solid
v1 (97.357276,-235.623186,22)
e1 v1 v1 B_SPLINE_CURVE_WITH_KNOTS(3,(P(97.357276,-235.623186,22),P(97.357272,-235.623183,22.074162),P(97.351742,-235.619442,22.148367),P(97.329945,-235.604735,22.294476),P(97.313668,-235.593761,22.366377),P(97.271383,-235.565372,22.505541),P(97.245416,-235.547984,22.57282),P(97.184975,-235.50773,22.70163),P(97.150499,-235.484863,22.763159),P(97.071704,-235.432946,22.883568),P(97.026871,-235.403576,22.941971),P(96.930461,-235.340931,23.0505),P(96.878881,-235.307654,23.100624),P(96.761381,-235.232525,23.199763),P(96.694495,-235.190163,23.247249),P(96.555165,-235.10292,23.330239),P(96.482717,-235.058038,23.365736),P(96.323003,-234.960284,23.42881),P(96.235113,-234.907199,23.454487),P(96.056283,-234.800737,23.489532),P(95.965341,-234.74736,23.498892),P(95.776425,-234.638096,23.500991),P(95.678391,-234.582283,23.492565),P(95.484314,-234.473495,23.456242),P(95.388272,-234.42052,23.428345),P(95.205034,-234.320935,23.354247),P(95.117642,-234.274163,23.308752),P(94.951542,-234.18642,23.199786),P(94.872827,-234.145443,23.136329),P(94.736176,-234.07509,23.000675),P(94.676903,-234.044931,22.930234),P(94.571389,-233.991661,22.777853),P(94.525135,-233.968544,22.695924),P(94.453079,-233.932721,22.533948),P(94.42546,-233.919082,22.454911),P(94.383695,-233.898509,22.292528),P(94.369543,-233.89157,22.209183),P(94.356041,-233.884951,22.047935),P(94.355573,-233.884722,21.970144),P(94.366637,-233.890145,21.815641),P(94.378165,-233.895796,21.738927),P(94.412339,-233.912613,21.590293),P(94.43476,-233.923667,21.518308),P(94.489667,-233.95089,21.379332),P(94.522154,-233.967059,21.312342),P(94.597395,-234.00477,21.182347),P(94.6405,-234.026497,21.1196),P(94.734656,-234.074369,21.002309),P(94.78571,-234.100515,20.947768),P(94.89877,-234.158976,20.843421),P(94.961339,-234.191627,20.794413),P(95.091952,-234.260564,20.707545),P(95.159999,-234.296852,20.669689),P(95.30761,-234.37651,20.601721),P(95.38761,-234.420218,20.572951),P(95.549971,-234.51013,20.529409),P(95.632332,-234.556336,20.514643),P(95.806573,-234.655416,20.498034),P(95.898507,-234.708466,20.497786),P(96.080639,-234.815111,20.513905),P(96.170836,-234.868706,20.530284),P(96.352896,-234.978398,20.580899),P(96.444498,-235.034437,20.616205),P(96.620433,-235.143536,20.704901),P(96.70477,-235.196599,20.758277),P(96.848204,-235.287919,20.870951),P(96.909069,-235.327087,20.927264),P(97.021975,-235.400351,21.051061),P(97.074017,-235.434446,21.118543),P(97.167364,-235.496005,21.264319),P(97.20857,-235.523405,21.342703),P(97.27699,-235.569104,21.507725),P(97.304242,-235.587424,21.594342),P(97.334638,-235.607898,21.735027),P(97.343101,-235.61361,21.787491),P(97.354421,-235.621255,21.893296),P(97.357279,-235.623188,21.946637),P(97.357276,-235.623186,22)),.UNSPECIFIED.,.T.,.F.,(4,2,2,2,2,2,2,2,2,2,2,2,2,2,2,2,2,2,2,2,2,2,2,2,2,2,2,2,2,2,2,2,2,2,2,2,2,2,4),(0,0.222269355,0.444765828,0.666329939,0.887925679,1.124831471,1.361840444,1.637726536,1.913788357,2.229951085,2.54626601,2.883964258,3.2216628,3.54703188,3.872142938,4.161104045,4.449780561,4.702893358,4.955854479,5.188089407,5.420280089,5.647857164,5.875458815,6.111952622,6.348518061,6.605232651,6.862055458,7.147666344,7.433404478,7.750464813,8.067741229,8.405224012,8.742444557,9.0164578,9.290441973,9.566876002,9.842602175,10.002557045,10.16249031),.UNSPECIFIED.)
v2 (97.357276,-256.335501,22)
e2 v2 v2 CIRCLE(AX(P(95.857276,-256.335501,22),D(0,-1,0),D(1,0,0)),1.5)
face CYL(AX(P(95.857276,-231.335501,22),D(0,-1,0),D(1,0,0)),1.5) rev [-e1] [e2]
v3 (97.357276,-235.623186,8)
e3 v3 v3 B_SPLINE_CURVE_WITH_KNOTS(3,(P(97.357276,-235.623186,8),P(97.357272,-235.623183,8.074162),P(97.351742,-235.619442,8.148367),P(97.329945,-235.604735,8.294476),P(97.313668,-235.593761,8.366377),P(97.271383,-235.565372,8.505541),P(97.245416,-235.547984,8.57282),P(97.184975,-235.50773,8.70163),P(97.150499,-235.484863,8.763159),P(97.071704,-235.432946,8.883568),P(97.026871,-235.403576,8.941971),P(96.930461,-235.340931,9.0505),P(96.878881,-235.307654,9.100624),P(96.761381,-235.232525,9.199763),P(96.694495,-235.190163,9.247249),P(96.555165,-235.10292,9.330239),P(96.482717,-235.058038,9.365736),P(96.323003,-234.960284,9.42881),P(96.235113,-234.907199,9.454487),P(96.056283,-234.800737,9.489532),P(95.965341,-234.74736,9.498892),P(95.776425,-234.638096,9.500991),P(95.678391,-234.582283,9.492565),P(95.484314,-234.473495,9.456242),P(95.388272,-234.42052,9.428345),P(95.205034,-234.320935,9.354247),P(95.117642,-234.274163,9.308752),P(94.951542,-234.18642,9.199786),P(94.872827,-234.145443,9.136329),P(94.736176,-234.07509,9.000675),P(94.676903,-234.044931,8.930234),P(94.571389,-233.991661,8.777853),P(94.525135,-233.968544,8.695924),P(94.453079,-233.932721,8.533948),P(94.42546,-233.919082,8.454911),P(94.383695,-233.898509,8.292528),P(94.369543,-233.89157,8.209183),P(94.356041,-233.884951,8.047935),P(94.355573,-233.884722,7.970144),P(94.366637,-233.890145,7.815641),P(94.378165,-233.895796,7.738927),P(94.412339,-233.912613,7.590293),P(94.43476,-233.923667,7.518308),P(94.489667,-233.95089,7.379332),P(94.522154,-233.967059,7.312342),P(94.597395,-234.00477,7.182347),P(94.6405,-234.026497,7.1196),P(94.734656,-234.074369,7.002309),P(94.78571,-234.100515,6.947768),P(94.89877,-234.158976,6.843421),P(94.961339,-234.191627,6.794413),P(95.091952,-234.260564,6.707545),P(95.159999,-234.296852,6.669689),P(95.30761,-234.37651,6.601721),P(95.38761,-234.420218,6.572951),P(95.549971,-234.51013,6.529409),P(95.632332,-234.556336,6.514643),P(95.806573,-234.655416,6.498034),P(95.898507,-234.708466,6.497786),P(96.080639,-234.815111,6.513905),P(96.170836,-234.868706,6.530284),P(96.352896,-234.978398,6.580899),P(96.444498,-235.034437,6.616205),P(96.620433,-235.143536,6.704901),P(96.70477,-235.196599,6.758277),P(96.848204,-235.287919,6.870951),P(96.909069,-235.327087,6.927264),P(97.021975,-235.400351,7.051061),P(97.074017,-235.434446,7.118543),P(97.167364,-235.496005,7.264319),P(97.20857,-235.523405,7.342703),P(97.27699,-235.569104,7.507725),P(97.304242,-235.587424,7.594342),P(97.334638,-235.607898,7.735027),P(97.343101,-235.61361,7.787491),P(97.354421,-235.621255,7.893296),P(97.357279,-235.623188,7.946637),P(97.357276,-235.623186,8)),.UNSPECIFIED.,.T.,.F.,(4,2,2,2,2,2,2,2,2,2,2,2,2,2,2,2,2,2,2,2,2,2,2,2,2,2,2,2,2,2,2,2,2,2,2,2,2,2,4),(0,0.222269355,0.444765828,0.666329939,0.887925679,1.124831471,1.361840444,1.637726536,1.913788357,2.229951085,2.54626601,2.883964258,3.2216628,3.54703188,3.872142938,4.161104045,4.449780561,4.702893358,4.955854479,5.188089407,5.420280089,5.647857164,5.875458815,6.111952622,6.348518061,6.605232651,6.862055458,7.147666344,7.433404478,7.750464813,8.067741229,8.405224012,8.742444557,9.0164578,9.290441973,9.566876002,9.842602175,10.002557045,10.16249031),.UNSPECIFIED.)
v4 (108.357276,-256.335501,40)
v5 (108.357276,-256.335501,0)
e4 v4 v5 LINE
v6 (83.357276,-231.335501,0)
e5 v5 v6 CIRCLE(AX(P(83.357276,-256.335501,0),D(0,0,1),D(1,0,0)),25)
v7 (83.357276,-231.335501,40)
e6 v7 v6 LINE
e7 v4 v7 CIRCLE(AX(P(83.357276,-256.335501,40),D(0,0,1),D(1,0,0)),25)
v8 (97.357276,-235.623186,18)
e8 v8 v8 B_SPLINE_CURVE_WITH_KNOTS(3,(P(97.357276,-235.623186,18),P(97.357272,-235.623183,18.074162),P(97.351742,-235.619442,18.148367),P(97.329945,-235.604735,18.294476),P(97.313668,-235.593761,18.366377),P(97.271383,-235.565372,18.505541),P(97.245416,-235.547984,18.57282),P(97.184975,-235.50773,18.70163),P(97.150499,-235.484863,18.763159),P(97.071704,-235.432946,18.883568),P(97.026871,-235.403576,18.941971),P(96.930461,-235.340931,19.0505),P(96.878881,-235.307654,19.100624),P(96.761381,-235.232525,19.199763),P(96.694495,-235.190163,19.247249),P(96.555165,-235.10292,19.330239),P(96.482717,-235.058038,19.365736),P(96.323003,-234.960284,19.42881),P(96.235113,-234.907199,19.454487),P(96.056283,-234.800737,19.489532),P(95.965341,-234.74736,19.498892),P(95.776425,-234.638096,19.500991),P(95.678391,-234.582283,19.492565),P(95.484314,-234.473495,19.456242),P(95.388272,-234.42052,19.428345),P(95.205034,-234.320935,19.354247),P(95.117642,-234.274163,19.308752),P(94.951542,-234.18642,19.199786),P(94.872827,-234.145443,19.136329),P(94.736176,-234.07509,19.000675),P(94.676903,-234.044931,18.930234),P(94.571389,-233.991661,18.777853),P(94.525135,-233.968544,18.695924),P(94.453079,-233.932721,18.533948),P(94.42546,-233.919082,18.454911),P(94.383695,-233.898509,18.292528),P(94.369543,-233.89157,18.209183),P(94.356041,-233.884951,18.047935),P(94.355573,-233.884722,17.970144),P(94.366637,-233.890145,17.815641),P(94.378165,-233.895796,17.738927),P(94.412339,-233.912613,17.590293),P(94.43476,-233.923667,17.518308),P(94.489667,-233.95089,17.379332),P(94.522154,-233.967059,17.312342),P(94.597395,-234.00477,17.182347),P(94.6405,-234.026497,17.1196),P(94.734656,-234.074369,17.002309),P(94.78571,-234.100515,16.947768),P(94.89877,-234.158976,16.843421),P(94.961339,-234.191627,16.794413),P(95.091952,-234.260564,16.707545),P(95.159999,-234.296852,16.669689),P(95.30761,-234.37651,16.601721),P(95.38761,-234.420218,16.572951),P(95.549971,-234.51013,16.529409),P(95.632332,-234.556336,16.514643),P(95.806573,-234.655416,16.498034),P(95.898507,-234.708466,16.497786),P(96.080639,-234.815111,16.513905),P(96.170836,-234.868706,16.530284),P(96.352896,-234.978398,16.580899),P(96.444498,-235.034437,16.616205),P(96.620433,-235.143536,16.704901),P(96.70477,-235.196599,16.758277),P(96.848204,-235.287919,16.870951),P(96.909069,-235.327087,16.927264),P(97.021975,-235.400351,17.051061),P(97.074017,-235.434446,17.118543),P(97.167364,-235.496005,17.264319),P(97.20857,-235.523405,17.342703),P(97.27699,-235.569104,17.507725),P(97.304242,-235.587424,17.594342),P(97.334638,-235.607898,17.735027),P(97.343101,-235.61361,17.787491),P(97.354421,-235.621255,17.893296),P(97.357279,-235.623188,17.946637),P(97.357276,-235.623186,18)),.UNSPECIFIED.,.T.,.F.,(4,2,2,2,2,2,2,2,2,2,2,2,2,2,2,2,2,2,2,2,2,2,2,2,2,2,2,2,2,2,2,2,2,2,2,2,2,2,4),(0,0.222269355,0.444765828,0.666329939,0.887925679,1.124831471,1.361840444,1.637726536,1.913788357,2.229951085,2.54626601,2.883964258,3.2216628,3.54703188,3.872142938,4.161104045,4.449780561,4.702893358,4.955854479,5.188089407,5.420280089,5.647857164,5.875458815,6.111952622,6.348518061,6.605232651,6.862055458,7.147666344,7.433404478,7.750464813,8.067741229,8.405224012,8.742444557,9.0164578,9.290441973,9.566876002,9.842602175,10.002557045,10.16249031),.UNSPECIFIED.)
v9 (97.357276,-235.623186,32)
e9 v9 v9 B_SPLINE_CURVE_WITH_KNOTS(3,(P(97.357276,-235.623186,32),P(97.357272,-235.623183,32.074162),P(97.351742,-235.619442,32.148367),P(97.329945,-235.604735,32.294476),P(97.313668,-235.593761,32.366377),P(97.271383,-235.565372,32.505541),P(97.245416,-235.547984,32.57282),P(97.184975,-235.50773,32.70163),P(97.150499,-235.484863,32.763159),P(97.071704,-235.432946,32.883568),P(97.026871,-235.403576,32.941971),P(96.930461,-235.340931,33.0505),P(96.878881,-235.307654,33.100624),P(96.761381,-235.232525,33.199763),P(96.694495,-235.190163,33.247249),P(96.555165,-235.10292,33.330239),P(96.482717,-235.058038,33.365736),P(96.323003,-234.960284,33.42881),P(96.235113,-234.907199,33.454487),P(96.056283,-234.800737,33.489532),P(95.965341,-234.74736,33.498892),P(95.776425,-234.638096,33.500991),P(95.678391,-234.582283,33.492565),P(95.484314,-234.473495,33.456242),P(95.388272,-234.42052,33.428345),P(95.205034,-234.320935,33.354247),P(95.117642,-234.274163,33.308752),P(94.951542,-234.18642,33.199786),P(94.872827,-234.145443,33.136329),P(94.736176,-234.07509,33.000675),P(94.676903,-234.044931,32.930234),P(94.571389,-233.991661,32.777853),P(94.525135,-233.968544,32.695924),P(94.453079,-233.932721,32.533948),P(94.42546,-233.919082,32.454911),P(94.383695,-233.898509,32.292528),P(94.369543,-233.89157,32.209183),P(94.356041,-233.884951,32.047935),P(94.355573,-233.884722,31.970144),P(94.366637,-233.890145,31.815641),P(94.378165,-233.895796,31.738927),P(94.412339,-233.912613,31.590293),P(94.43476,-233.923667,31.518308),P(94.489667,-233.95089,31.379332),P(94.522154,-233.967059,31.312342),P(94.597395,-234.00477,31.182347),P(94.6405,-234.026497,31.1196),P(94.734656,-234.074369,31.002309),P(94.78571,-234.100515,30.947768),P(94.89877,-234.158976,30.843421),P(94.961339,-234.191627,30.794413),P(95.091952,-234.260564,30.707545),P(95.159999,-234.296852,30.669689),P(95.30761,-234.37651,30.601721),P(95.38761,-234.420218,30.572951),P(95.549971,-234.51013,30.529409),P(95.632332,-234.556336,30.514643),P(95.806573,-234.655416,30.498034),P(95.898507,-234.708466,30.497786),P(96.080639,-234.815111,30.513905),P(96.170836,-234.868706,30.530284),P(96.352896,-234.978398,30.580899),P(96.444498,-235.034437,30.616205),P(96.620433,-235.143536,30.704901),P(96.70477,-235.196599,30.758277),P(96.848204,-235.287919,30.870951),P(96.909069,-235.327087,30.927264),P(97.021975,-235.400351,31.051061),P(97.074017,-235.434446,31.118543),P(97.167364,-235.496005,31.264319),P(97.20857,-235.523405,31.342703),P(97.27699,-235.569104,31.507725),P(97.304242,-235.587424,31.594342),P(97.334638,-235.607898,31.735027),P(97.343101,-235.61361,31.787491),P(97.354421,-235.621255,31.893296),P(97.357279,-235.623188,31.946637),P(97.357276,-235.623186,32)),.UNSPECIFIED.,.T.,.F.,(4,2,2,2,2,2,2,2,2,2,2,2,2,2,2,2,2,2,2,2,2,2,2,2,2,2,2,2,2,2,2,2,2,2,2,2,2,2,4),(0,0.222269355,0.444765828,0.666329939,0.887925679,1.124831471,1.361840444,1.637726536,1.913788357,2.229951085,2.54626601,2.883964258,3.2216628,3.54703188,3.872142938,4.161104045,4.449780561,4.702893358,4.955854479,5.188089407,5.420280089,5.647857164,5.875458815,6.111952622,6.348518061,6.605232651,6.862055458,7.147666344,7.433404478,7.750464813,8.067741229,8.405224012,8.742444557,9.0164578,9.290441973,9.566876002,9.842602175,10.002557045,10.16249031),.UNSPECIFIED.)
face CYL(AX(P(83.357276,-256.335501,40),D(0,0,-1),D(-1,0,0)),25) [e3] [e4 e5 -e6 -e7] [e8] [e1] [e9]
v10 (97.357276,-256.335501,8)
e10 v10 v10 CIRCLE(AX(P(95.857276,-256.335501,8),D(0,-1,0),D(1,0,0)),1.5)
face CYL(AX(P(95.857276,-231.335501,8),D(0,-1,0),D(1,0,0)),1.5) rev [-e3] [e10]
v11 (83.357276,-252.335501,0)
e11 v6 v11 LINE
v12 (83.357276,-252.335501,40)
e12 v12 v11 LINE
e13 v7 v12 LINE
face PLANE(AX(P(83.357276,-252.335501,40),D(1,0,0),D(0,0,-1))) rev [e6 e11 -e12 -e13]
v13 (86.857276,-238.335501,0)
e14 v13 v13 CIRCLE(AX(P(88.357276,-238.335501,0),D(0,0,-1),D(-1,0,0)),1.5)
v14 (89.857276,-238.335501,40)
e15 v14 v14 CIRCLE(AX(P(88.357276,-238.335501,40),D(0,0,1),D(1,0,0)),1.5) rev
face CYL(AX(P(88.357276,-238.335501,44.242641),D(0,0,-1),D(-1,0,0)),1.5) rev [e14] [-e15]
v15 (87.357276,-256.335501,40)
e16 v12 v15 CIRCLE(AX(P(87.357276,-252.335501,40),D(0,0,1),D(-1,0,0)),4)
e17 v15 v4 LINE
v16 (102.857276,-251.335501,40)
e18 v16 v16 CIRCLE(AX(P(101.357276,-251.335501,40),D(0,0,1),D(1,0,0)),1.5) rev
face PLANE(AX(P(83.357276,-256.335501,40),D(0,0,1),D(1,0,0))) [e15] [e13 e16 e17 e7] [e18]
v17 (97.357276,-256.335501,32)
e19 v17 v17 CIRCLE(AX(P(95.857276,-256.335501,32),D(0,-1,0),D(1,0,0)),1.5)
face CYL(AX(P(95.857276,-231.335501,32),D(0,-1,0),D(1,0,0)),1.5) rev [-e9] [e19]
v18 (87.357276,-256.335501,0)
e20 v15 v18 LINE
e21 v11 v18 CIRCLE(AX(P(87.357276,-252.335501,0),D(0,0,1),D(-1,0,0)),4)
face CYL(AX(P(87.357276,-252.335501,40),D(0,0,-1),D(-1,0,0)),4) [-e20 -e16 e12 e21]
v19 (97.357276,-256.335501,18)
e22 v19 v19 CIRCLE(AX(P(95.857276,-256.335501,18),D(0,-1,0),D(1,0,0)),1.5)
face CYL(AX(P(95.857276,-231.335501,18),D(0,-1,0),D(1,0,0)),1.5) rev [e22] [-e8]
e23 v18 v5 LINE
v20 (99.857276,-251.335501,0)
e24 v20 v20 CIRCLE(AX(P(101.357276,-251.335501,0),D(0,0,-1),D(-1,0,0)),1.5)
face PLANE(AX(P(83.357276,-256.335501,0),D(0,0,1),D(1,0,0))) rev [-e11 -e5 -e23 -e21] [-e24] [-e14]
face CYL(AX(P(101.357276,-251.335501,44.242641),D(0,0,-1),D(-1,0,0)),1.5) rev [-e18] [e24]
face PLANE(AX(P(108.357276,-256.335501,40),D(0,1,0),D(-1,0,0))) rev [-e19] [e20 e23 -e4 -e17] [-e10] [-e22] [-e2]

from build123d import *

# Parameters (mm, degrees)
RESSALTO_EXTRUS_O3_DEPTH = 40
ESBO_O8_R                = 1.5
CORTE_EXTRUS_O1_DEPTH    = 40
ESBO_O9_R                = 1.5
CORTE_EXTRUS_O2_DEPTH    = 26


with BuildPart() as part:
    # Esboço7 → Ressalto-extrusão3 (new body)
    with BuildSketch(Plane.XY):
        with BuildLine():
            Line((103.35727616, -256.335501283), (87.35727616, -256.335501283))
            ThreePointArc((87.35727616, -256.335501283), (84.528849035, -255.163928408), (83.35727616, -252.335501283))
            Line((83.35727616, -252.335501283), (83.35727616, -236.335501283))
            Line((83.35727616, -236.335501283), (83.35727616, -231.335501283))
            ThreePointArc((83.35727616, -231.335501283), (101.034945689, -238.657831753), (108.35727616, -256.335501283))
            Line((108.35727616, -256.335501283), (103.35727616, -256.335501283))
        make_face()
    extrude(amount=RESSALTO_EXTRUS_O3_DEPTH)

    # Esboço8 → Corte-extrusão1 (cut)
    with BuildSketch(Plane(origin=(0, 0, 0), x_dir=(-1, 0, 0), z_dir=(0, 0, -1))):
        with Locations((-88.35727616, -238.335501283)):
            Circle(ESBO_O8_R)
        with Locations((-101.35727616, -251.335501283)):
            Circle(ESBO_O8_R)
    extrude(amount=-CORTE_EXTRUS_O1_DEPTH, mode=Mode.SUBTRACT)

    # Esboço9 → Corte-extrusão2 (cut, through all)
    with BuildSketch(Plane.XZ.offset(256.335501283)):
        with Locations((95.85727616, 8)):
            Circle(ESBO_O9_R)
        with Locations((95.85727616, 18)):
            Circle(ESBO_O9_R)
        with Locations((95.85727616, 22)):
            Circle(ESBO_O9_R)
        with Locations((95.85727616, 32)):
            Circle(ESBO_O9_R)
    extrude(amount=-CORTE_EXTRUS_O2_DEPTH, mode=Mode.SUBTRACT)


solid = part.part
